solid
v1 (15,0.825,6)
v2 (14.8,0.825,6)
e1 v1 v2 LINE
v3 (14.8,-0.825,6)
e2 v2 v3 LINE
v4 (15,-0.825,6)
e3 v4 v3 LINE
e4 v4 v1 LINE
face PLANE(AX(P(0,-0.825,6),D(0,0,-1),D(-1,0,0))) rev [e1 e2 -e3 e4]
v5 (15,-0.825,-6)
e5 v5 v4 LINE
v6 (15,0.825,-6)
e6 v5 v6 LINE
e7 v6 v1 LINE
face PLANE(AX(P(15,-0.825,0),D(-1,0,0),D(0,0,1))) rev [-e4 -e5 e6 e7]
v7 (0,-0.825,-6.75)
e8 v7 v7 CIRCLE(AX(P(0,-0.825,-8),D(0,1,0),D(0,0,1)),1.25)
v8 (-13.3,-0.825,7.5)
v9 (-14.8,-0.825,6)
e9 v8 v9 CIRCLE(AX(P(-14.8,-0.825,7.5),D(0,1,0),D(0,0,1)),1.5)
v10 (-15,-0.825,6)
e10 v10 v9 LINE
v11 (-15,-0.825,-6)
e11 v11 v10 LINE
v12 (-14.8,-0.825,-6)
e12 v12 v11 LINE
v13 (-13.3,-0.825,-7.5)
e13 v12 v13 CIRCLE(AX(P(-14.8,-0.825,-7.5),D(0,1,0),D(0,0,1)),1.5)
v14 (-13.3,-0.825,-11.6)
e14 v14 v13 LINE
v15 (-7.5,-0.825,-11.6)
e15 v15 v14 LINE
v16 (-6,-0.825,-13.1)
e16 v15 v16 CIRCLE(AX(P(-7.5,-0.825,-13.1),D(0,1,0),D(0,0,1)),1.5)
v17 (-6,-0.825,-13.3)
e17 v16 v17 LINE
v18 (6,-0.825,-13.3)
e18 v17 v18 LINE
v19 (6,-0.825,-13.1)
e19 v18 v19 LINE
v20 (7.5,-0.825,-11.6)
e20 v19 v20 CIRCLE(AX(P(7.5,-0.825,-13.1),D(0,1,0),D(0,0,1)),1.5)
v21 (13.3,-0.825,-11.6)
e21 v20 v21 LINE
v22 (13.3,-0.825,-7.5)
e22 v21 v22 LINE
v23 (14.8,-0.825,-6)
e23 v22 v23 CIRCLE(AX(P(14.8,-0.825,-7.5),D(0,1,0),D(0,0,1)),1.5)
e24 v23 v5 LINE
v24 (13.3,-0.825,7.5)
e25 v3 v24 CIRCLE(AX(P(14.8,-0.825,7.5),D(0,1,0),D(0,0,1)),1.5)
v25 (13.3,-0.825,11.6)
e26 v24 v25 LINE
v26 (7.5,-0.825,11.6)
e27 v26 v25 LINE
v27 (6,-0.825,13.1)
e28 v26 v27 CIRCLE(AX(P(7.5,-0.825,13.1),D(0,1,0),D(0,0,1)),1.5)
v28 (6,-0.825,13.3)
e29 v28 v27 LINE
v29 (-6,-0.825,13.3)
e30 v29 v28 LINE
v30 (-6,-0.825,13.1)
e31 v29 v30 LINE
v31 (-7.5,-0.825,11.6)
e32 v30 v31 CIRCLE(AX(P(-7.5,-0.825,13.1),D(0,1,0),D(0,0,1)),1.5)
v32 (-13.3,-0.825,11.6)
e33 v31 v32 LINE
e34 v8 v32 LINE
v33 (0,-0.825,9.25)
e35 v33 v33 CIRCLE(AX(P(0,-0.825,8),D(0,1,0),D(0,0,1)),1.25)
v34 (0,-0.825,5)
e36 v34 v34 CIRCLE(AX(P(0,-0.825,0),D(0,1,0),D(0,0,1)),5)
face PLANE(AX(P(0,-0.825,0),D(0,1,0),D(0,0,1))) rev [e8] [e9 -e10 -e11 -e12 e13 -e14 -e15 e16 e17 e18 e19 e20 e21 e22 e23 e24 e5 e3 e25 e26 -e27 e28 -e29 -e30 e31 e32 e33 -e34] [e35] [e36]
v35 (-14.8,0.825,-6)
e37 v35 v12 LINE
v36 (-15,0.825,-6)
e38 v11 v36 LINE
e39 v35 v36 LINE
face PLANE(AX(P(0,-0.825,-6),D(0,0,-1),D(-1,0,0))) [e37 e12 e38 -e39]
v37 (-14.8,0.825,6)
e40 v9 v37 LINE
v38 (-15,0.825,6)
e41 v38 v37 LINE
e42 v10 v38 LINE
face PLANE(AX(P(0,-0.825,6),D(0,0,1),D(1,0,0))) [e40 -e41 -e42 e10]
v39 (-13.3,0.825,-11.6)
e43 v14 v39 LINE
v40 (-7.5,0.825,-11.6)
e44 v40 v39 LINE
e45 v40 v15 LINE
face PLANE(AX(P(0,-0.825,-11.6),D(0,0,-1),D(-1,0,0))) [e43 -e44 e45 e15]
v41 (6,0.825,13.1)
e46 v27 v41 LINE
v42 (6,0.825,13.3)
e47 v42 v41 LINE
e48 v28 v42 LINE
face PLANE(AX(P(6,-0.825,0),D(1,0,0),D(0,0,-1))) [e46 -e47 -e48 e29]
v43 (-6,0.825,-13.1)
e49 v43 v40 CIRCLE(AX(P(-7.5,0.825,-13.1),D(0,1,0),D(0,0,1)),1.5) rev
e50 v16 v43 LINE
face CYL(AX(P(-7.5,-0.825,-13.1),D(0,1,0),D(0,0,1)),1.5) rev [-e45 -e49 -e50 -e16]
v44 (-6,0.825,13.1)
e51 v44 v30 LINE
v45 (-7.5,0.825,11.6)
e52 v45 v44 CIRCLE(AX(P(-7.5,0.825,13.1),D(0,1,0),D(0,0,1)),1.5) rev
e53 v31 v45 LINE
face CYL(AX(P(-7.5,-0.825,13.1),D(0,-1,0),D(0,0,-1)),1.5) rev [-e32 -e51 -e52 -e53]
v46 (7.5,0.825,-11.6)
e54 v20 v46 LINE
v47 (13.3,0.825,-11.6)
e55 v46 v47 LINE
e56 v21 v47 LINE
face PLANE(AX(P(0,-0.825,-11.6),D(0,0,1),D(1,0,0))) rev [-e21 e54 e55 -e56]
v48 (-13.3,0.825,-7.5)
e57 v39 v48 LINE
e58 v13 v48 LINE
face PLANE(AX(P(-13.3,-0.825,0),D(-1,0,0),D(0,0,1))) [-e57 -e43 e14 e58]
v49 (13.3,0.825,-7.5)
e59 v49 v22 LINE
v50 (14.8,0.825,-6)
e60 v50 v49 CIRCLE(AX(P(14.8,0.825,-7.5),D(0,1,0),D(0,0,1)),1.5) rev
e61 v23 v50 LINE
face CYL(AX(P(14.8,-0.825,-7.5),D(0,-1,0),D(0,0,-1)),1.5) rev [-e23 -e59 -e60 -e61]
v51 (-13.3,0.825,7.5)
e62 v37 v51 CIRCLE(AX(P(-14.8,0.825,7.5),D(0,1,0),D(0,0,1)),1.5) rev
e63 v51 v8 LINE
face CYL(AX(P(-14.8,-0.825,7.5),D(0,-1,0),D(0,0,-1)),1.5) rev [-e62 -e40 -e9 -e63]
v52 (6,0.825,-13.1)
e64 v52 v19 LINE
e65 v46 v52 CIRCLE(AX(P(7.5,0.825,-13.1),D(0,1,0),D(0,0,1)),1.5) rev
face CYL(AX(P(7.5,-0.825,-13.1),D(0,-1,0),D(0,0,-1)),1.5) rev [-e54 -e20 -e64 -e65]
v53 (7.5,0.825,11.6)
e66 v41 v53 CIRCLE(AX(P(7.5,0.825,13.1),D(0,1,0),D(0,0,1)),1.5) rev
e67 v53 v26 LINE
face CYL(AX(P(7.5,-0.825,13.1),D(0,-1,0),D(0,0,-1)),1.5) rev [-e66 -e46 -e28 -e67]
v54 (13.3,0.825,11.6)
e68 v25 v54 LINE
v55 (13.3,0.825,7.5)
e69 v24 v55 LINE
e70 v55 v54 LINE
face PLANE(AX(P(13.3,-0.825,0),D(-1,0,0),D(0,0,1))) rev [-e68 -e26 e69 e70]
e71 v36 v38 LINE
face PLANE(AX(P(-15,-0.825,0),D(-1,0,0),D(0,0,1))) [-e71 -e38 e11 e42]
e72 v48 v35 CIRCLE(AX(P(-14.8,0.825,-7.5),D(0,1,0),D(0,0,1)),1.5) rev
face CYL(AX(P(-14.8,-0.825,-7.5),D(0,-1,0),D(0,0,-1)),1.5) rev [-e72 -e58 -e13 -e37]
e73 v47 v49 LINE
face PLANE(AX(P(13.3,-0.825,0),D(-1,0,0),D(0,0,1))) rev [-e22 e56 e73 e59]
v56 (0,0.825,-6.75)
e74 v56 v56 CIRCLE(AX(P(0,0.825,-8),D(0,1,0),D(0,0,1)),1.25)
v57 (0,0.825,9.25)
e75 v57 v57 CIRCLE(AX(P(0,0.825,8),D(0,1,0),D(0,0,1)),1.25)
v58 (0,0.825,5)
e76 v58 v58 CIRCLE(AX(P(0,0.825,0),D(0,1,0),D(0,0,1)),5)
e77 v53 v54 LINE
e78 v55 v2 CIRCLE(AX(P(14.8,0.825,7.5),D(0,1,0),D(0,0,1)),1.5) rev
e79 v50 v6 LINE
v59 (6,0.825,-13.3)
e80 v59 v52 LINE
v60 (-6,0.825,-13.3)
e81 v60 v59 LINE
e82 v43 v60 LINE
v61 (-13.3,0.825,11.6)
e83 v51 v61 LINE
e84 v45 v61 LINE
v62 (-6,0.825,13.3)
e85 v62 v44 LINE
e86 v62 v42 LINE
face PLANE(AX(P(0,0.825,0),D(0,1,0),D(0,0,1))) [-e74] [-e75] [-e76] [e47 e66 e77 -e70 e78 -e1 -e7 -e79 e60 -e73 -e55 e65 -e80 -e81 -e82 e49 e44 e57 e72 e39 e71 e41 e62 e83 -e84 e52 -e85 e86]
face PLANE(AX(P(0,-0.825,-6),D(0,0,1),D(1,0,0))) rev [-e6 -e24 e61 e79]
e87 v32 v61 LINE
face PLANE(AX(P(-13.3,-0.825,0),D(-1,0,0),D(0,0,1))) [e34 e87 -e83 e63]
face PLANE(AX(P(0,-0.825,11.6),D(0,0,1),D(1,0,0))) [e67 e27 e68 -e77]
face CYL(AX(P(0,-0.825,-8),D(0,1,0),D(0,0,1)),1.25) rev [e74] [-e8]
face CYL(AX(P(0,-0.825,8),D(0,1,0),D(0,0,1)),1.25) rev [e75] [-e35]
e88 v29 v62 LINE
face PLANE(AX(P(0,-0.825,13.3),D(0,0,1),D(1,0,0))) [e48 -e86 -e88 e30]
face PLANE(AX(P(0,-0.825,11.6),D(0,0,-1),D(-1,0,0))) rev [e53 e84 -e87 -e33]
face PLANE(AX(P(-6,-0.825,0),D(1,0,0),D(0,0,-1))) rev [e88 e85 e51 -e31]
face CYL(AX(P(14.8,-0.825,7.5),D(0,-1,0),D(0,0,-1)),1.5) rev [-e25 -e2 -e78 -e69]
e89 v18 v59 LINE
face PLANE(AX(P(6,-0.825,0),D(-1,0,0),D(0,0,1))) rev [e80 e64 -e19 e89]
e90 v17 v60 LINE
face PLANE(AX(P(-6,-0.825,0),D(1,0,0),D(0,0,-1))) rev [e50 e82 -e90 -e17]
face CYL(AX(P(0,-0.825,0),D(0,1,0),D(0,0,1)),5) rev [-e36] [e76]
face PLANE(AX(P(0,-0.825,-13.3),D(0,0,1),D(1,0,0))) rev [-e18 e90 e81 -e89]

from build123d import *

# Parameters (mm, degrees)
SKIZZE1_R                       = 1.25
SKIZZE1_R_2                     = 5
AUFSATZ_LINEAR_AUSTRAGEN1_DEPTH = 0.825
VERRUNDUNG1_R                   = 1.5


with BuildPart() as part:
    # Skizze1 → Aufsatz-Linear austragen1 (new body, symmetric)
    with BuildSketch(Plane(origin=(0, 0, 0), x_dir=(1, 0, 0), z_dir=(0, 1, 0))):
        Polygon((-13.3, -6), (-13.3, -11.6), (-6, -11.6), (-6, -13.3), (6, -13.3), (6, -11.6), (13.3, -11.6), (13.3, -6), (15, -6), (15, 6), (13.3, 6), (13.3, 11.6), (6, 11.6), (6, 13.3), (-6, 13.3), (-6, 11.6), (-13.3, 11.6), (-13.3, 6), (-15, 6), (-15, -6), align=None)
        with Locations((0, -8)):
            Circle(SKIZZE1_R, mode=Mode.SUBTRACT)
        with Locations((0, 8)):
            Circle(SKIZZE1_R, mode=Mode.SUBTRACT)
        Circle(SKIZZE1_R_2, mode=Mode.SUBTRACT)
    extrude(amount=AUFSATZ_LINEAR_AUSTRAGEN1_DEPTH, both=True)

    # Verrundung1
    verrundung1_edges = [part.edges().sort_by_distance(p)[0] for p in [
        (-6, 0, 11.6),
        (-13.3, 0, 6),
        (-13.3, 0, -6),
        (-6, 0, -11.6),
        (6, 0, -11.6),
        (13.3, 0, -6),
        (13.3, 0, 6),
        (6, 0, 11.6),
    ]]
    fillet(verrundung1_edges, radius=VERRUNDUNG1_R)


solid = part.part
